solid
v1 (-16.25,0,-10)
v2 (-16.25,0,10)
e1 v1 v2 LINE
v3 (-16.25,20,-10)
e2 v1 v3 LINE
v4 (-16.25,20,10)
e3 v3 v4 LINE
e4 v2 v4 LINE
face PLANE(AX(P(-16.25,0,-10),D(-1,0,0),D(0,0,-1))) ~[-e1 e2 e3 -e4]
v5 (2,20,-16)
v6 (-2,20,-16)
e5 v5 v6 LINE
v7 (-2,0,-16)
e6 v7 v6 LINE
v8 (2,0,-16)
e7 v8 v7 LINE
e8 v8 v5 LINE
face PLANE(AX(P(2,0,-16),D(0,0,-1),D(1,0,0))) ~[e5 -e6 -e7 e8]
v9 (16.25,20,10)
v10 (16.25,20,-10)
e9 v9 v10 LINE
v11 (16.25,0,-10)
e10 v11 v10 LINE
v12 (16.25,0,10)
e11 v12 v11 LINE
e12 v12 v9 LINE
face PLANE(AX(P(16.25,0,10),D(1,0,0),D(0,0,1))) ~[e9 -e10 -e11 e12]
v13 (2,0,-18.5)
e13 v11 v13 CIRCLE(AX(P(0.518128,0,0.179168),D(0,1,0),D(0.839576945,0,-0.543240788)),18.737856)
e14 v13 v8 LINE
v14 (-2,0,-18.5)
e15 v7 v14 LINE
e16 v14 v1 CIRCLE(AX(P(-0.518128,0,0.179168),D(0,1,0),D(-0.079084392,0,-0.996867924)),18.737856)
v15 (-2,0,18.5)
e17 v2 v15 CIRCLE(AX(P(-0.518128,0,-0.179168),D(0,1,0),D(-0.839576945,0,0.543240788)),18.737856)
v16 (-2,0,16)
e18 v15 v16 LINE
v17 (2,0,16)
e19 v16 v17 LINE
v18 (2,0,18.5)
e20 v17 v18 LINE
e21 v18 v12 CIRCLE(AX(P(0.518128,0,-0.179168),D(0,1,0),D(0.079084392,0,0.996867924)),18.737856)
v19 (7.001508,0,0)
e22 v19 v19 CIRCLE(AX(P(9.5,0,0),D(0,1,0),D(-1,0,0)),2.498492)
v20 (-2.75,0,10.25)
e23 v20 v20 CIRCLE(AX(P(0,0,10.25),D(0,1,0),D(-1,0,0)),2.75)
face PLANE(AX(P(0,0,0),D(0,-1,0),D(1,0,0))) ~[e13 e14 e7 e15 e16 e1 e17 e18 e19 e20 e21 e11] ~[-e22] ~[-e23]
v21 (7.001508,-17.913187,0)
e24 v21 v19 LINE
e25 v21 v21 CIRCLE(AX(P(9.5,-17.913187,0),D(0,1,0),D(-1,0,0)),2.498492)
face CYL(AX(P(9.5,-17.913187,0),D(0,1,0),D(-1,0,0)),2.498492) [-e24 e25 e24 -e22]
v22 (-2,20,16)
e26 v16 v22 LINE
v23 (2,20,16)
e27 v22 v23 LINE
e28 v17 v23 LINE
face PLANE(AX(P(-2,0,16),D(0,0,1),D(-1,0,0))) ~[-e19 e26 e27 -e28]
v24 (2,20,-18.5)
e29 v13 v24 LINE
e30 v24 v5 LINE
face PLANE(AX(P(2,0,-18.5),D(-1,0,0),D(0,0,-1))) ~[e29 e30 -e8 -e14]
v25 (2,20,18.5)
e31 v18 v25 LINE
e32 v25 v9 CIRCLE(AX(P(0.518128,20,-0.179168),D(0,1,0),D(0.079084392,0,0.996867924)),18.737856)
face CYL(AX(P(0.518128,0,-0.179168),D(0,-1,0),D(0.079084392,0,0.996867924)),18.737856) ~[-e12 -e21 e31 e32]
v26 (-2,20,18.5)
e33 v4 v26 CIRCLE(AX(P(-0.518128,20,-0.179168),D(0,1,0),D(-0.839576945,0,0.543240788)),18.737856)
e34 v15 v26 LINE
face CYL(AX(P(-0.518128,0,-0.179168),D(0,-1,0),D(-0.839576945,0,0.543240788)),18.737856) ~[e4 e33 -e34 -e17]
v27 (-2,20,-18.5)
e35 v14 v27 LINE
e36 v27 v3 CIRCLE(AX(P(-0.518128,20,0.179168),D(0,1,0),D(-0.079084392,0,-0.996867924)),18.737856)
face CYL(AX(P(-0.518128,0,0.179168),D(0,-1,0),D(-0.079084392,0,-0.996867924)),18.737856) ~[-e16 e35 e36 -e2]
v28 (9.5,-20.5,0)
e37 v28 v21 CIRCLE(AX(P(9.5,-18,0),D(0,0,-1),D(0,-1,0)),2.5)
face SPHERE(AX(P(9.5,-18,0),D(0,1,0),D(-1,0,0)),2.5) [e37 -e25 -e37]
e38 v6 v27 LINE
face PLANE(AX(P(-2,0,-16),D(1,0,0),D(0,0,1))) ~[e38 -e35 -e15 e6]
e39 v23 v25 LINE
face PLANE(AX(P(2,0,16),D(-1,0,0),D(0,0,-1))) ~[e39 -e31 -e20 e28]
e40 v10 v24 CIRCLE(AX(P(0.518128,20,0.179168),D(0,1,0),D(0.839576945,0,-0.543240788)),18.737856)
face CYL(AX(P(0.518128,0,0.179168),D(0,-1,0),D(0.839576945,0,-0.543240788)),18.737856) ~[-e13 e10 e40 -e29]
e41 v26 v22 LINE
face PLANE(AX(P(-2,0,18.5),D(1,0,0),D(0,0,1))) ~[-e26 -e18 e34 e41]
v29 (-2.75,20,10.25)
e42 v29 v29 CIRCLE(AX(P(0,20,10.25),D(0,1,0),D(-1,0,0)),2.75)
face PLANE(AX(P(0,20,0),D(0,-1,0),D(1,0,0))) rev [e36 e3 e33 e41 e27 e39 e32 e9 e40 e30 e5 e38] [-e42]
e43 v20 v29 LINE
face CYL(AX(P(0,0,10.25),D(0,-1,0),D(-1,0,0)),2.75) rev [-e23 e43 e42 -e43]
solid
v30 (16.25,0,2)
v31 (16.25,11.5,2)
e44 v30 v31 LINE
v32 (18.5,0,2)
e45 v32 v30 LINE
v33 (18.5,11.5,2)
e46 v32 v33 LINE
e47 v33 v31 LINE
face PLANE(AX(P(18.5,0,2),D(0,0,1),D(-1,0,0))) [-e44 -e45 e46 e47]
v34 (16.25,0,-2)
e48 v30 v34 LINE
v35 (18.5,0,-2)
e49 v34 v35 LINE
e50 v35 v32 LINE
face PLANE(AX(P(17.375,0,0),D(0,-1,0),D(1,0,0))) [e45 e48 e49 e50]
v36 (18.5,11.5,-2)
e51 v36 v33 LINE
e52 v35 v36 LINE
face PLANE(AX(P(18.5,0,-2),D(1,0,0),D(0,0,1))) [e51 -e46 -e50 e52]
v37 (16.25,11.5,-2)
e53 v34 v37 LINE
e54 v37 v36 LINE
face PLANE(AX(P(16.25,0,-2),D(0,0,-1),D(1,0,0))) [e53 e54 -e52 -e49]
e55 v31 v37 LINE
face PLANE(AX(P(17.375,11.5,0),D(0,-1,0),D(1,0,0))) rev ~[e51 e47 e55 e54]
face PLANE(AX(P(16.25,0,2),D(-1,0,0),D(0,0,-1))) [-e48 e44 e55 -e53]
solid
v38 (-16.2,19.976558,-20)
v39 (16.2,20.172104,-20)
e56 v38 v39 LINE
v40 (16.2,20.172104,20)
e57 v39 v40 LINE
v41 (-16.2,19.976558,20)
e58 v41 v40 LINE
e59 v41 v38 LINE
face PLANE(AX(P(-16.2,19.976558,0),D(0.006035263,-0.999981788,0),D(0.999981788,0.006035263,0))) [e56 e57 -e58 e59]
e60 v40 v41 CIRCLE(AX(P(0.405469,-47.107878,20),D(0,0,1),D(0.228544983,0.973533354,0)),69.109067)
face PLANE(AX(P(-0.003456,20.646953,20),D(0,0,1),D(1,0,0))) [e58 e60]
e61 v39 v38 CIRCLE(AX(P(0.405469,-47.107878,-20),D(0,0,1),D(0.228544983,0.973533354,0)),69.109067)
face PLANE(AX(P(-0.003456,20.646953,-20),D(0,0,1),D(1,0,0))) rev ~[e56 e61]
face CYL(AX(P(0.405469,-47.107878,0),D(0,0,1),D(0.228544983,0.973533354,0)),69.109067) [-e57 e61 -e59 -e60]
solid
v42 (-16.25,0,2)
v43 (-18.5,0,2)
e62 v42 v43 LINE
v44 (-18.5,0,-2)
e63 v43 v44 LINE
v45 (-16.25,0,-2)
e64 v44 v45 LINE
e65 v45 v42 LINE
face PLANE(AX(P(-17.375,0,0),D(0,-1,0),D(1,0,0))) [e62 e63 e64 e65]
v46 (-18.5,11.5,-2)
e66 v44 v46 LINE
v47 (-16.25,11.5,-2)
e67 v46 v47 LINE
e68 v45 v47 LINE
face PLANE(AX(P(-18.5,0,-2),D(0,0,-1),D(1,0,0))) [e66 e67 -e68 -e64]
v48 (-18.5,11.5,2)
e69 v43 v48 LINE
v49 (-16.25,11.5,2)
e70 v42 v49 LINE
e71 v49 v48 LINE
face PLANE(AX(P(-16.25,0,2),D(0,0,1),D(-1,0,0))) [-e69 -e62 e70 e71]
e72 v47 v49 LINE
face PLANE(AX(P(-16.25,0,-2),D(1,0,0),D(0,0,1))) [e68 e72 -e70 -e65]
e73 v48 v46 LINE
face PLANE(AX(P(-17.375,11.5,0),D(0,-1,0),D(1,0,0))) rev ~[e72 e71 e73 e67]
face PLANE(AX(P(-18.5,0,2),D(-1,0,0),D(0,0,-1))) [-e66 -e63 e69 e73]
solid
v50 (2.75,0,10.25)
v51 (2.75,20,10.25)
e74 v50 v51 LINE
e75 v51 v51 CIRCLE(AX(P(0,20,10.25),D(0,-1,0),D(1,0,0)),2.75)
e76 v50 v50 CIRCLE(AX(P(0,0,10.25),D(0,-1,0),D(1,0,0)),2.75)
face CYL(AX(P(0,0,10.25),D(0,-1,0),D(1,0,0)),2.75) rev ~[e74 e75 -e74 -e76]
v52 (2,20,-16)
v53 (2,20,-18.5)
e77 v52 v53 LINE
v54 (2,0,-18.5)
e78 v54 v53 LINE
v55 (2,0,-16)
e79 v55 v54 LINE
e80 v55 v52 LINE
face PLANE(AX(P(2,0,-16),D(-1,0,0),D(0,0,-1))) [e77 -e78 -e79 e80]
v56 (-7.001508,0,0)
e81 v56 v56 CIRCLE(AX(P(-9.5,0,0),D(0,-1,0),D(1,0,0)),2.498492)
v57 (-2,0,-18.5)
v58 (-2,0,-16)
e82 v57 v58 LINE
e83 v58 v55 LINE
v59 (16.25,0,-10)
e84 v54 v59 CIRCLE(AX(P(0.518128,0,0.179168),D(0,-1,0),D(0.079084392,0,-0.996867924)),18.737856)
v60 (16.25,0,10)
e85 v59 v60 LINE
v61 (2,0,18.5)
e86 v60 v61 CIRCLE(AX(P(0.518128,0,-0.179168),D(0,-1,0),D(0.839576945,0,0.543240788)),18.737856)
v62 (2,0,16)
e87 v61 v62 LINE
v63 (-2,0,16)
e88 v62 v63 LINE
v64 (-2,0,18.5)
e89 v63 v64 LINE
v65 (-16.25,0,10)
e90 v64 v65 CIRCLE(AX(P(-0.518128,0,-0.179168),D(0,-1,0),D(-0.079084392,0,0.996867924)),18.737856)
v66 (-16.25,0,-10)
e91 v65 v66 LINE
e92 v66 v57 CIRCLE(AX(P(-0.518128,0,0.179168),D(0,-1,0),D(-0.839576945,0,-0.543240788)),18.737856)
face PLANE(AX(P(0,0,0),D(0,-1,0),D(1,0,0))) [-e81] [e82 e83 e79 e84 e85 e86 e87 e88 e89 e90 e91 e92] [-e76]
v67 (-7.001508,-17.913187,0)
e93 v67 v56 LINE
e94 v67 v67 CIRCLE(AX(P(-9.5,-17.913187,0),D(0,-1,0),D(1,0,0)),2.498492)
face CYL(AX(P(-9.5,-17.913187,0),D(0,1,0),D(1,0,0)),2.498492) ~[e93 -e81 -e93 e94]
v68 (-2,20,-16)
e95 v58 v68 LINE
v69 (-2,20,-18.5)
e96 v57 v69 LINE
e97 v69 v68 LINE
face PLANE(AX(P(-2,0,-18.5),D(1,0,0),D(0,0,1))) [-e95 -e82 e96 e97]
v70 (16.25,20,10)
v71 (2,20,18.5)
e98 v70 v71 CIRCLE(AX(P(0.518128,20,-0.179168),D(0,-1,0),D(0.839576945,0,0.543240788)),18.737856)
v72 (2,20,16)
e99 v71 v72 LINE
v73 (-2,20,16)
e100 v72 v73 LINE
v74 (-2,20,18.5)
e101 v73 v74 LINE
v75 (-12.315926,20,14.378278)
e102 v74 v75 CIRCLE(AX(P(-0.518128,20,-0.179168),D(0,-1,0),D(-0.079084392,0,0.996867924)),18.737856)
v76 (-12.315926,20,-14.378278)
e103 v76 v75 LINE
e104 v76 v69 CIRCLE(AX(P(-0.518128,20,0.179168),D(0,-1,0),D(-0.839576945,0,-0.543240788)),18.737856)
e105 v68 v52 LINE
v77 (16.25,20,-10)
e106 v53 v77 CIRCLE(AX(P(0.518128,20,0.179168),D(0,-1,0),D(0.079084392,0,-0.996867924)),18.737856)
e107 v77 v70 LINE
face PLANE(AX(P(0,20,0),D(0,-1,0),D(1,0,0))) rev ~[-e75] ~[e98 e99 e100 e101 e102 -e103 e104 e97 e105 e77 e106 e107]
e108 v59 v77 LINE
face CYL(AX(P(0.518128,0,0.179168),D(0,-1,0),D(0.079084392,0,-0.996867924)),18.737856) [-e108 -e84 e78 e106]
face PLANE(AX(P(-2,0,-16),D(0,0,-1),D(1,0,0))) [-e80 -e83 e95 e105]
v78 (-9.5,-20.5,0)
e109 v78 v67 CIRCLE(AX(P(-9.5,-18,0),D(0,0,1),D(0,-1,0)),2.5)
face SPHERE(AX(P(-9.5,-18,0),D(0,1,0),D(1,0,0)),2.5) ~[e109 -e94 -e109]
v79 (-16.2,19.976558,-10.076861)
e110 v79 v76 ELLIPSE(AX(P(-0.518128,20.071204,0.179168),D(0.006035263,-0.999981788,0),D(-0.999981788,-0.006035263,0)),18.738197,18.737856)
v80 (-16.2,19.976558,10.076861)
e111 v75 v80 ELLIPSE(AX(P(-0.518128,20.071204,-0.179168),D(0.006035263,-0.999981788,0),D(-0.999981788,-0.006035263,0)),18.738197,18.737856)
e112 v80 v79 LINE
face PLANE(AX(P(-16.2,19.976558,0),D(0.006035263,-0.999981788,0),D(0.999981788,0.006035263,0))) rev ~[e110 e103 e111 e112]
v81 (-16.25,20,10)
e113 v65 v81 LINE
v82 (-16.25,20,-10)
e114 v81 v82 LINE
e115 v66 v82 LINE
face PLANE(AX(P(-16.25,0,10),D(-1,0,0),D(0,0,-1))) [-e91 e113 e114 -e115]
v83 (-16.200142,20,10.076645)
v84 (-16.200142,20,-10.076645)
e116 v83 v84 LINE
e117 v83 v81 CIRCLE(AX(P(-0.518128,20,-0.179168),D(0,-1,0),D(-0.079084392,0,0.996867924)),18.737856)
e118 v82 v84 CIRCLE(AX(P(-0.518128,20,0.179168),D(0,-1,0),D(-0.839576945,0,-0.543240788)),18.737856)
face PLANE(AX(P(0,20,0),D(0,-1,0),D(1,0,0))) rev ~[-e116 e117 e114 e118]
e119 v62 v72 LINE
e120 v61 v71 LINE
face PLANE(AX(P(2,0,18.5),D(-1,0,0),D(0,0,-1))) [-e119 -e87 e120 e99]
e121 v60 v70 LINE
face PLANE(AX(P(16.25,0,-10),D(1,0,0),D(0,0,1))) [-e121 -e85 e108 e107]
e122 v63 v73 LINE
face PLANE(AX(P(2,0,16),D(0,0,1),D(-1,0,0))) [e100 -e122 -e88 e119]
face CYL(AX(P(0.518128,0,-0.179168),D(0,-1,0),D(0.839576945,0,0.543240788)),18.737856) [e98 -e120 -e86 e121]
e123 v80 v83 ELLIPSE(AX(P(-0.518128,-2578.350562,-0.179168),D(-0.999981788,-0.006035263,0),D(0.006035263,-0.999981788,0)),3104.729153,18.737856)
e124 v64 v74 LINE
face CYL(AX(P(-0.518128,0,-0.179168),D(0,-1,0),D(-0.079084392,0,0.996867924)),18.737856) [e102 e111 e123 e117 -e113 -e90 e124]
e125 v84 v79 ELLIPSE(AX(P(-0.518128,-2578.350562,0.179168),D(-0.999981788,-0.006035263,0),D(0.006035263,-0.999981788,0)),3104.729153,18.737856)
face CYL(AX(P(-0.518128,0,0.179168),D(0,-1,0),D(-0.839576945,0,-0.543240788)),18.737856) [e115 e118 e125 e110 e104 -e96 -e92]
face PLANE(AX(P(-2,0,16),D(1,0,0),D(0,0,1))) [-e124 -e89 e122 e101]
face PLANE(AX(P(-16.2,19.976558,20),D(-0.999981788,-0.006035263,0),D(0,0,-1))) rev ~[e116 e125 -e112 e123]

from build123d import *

# Parameters (mm, degrees)
F1_DEPTH = 11.5
F0_R     = 2.5
F0_R_2   = 2.75
F2_DEPTH = 20
F3_DEPTH = 20
F8_DEPTH = 20
F9_DEPTH = 25


with BuildPart() as f1:
    # F0 (on Front) → F1 (new body)
    with BuildSketch(Plane.XZ):
        Polygon((18.5, 2), (16.25, 2), (16.25, -2), (18.5, -2), (18.5, 0), align=None)
    extrude(amount=-F1_DEPTH)


with BuildPart() as f1b:
    # F0 (on Front) → F1, piece 2 (new body)
    with BuildSketch(Plane.XZ):
        Polygon((-16.25, -2), (-16.25, 2), (-18.5, 2), (-18.5, 0), (-18.5, -2), align=None)
    extrude(amount=-F1_DEPTH)


with BuildPart() as f2:
    # F0 (on Front) → F2 (new body)
    with BuildSketch(Plane.XZ):
        with BuildLine():
            Line((-16.25, 10), (-16.25, 2))
            Line((-16.25, 2), (-16.25, -2))
            Line((-16.25, -2), (-16.25, -10))
            ThreePointArc((-16.25, -10), (-10.1171251196, -15.9132685828), (-2, -18.5))
            Line((-2, -18.5), (-2, -16))
            Line((-2, -16), (2, -16))
            Line((2, -16), (2, -18.5))
            ThreePointArc((2, -18.5), (10.1171251196, -15.9132685828), (16.25, -10))
            Line((16.25, -10), (16.25, -2))
            Line((16.25, -2), (16.25, 2))
            Line((16.25, 2), (16.25, 10))
            ThreePointArc((16.25, 10), (10.1171251196, 15.9132685828), (2, 18.5))
            Line((2, 18.5), (2, 16))
            Line((2, 16), (-2, 16))
            Line((-2, 16), (-2, 18.5))
            ThreePointArc((-2, 18.5), (-10.1171251196, 15.9132685828), (-16.25, 10))
        make_face()
        with Locations((-9.5, 0)):
            Circle(F0_R, mode=Mode.SUBTRACT)
        with Locations((9.5, 0)):
            Circle(F0_R, mode=Mode.SUBTRACT)
        with Locations((0, 10.25)):
            Circle(F0_R_2, mode=Mode.SUBTRACT)
        with Locations((0, 10.25)):
            Circle(F0_R_2)
        with Locations((9.5, 0)):
            Circle(F0_R)
        with Locations((-9.5, 0)):
            Circle(F0_R)
    extrude(amount=-F2_DEPTH)

    # F0 (on Front) → F3 (cut)
    with BuildSketch(Plane.XZ):
        with Locations((0, 10.25)):
            Circle(F0_R_2)
    extrude(amount=-F3_DEPTH, mode=Mode.SUBTRACT)

    # F4 (on Top) → F5 (revolve)
    with BuildSketch(Plane.XY):
        with BuildLine():
            Line((-9.5, 0), (-9.5, -20.5))
            ThreePointArc((-9.5, -20.5), (-7.7018017794, -19.7368025677), (-7.0015077705, -17.9131865274))
            Line((-7.0015077705, -17.9131865274), (-7.0015077705, 0))
            Line((-7.0015077705, 0), (-9.5, 0))
        make_face()
    revolve(axis=Axis((-9.5, -31.6412390172, 0), (0, -1, 0)))


with BuildPart() as f6_1:
    # F6: instance of F2
    add(f2.part.mirror(Plane.YZ))


with BuildPart() as f8:
    # F4 (on Top) → F8 (new body, symmetric)
    with BuildSketch(Plane.XY):
        with BuildLine():
            Line((-16.2000004202, 19.9765581638), (16.2, 20.1721042395))
            ThreePointArc((16.2, 20.1721042395), (-0.0116219214, 21.9999308346), (-16.2000004202, 19.9765581638))
        make_face()
    extrude(amount=F8_DEPTH, both=True)


with BuildPart() as f2_1:
    add(f2.part)

    # F9 (cut): a face of the model
    f9_faces = [f8.part.faces().sort_by_distance(p)[0] for p in [
        (-2.101e-07, 20.0743312016, 0),
    ]]
    extrude(f9_faces, amount=-F9_DEPTH, mode=Mode.SUBTRACT)


solid = Compound([f1.part, f1b.part, f6_1.part, f8.part, f2_1.part])
